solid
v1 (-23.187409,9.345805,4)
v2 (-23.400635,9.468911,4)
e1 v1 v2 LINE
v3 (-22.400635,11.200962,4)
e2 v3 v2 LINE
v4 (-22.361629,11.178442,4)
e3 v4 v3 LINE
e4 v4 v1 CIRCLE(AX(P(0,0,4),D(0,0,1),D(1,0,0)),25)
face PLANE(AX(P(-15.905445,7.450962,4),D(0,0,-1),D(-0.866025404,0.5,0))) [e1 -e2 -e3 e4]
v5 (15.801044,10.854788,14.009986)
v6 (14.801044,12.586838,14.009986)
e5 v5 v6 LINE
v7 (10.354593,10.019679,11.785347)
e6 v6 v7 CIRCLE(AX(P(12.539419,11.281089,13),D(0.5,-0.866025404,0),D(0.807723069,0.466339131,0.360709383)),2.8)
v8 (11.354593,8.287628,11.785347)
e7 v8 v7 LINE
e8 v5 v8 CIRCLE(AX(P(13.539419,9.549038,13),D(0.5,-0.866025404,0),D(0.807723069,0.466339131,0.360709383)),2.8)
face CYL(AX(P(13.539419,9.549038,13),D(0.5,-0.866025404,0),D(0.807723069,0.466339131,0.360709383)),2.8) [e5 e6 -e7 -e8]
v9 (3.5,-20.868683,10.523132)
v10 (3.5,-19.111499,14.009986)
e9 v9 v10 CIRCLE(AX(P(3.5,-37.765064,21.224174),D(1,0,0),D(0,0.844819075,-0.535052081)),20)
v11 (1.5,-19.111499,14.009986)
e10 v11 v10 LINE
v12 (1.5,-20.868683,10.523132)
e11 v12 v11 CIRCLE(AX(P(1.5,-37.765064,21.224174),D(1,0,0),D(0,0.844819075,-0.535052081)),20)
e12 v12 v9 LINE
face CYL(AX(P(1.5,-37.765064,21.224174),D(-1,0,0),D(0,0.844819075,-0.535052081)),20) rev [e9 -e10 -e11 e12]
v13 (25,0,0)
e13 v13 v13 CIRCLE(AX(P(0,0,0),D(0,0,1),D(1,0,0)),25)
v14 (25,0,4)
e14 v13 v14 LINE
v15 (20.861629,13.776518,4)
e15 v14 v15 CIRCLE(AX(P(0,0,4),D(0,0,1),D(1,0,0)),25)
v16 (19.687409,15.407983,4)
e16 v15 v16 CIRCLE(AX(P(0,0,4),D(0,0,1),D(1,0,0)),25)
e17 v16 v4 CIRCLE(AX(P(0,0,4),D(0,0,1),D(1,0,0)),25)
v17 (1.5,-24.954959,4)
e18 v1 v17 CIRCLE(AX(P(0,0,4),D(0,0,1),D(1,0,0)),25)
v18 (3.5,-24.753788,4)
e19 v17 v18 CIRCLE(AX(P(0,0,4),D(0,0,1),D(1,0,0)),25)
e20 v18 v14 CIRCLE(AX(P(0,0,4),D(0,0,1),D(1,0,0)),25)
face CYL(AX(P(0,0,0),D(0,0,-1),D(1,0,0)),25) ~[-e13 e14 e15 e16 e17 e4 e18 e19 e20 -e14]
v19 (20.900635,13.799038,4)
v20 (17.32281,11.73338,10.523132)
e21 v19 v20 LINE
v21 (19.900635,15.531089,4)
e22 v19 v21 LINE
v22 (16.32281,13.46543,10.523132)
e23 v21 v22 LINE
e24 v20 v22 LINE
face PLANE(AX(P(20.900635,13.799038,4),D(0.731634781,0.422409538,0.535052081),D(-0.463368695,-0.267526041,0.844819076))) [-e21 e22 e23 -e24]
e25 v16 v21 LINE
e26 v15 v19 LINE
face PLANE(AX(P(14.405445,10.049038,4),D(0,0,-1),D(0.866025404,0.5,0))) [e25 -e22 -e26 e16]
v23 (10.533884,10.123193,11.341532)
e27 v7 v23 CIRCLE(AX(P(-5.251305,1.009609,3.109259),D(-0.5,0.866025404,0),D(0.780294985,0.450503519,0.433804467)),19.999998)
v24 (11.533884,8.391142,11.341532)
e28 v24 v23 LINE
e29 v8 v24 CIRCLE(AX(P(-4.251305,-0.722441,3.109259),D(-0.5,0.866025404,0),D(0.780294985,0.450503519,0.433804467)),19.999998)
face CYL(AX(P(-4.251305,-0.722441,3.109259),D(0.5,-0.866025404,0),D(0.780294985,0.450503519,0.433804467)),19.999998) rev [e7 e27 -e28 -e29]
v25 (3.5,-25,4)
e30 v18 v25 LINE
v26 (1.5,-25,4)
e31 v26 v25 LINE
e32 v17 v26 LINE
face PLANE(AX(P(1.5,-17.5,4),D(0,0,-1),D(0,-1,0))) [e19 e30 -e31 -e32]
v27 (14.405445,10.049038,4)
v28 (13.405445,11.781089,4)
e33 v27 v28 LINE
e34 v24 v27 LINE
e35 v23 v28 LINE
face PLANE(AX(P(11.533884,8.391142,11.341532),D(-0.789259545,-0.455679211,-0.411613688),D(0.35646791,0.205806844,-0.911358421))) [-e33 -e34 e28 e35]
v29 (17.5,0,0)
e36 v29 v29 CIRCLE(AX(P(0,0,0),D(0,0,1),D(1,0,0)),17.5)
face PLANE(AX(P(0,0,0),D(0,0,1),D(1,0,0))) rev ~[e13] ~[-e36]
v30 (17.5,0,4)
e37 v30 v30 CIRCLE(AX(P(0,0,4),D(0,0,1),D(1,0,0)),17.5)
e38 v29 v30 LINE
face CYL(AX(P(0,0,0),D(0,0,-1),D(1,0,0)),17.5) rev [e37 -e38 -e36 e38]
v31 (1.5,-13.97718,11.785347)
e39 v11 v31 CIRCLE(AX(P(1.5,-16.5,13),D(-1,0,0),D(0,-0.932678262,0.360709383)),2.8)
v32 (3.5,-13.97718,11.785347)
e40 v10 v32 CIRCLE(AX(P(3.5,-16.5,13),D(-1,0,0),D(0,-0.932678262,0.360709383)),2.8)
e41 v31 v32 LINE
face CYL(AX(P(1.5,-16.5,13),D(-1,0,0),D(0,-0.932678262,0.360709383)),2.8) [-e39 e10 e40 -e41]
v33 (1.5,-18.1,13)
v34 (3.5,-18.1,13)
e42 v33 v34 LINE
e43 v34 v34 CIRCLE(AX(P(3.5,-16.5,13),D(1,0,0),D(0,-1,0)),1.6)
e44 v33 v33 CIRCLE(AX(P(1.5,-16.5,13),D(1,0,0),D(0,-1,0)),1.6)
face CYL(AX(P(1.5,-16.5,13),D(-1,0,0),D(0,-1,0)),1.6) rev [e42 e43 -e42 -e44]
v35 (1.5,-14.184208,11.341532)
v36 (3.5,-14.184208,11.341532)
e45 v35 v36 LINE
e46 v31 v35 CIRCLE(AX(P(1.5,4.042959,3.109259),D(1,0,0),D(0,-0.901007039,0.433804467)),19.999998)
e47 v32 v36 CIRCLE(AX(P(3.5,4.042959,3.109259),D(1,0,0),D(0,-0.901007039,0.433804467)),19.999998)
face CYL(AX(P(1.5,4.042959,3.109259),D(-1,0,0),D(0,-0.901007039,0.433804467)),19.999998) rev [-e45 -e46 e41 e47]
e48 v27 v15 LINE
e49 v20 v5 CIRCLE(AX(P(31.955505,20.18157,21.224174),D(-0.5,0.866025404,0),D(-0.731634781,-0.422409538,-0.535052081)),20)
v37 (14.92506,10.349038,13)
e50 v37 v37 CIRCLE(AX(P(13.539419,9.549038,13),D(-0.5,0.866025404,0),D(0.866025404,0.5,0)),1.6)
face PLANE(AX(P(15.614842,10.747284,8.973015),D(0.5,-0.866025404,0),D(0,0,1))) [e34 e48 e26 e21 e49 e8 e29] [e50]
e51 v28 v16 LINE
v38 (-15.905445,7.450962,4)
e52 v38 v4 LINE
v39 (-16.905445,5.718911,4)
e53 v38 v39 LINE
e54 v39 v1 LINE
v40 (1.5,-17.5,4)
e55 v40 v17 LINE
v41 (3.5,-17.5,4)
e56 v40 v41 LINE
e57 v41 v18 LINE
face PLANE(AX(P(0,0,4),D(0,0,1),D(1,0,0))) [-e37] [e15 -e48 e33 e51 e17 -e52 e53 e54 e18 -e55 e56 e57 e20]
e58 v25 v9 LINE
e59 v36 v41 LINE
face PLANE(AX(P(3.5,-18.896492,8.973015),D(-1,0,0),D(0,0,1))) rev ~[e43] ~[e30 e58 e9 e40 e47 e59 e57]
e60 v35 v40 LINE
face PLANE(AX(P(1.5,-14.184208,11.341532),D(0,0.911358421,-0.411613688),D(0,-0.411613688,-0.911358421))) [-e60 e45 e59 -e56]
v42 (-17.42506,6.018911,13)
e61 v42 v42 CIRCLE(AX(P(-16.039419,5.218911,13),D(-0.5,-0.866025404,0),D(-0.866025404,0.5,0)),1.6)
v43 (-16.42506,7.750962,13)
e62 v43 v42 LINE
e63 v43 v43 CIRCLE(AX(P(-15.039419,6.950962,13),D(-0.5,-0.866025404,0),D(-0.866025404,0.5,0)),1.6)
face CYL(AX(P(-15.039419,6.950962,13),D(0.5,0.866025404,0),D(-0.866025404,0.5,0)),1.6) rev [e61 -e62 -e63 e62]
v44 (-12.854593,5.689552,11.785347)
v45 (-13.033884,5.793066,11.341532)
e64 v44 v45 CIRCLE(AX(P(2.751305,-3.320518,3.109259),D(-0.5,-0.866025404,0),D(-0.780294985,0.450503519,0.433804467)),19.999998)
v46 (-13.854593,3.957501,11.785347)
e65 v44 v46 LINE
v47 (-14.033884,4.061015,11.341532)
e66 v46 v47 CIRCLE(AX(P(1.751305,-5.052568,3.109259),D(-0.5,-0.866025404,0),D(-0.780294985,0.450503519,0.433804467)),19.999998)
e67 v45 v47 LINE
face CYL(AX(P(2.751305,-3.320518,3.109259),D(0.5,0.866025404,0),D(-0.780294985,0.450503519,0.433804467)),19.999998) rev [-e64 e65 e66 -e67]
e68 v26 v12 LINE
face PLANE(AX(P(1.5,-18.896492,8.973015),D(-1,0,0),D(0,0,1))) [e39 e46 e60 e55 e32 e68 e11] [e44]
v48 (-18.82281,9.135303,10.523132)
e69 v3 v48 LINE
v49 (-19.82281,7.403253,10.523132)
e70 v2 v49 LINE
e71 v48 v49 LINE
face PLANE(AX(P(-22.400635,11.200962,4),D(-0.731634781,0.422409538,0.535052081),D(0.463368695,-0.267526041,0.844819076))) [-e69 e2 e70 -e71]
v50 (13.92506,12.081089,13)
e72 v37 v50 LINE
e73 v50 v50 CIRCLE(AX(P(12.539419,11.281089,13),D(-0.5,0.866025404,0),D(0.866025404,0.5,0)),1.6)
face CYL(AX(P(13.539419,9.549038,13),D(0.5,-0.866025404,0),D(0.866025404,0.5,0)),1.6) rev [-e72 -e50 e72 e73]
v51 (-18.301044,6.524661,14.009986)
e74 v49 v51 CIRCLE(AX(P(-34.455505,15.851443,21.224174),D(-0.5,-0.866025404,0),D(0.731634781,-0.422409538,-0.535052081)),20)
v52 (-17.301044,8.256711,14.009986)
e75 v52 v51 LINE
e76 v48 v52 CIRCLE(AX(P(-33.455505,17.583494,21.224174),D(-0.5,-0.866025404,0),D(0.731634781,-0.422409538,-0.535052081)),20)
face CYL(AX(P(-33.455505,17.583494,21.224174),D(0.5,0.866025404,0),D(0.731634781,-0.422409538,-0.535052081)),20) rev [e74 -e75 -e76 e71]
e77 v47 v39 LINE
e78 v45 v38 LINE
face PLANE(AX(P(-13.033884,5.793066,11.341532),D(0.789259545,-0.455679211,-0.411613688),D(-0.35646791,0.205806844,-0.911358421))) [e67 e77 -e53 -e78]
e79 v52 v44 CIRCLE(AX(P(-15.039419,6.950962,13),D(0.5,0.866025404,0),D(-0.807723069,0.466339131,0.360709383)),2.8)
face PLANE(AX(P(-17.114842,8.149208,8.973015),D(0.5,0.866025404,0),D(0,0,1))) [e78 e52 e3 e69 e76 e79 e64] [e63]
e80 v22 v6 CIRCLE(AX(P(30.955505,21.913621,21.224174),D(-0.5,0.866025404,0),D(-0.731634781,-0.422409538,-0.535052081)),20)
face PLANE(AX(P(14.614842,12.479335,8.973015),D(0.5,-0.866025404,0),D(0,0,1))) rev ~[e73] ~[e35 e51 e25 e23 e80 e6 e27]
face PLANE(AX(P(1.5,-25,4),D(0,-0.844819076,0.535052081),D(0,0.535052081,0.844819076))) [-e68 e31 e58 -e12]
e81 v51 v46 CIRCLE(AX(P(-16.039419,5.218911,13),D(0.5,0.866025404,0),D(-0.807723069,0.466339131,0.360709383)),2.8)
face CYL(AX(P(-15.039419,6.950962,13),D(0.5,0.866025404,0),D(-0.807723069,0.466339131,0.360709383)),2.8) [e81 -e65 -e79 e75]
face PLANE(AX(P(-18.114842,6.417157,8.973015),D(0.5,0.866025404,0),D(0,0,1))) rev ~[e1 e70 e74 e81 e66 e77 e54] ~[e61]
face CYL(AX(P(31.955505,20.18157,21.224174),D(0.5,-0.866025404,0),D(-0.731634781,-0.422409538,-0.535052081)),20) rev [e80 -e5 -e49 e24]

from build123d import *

# Parameters (mm, degrees)
SCHIZZO2_R                   = 25
SCHIZZO2_R_2                 = 17.5
ESTRUSIONE_ESTRUSIONE1_DEPTH = 4
SCHIZZO3_R                   = 1.6
ESTRUSIONE_ESTRUSIONE2_DEPTH = 2
RIPETIZIONECIRCOLARE1_COUNT  = 3


with BuildPart() as part:
    # Schizzo2 → Estrusione-Estrusione1 (new body)
    with BuildSketch(Plane.XY):
        Circle(SCHIZZO2_R)
        Circle(SCHIZZO2_R_2, mode=Mode.SUBTRACT)
    extrude(amount=ESTRUSIONE_ESTRUSIONE1_DEPTH)

    # Schizzo3 → Estrusione-Estrusione2 (add)
    with BuildSketch(Plane(origin=(-0.75, 1.299038106, 0), x_dir=(0, 0, -1), z_dir=(-0.5000000000000043, 0.866025403784436, 0))):
        with BuildLine():
            Line((-11.341531907, -14.184207936), (-4, -17.5))
            Line((-4, -17.5), (-4, -25))
            Line((-4, -25), (-10.523132314, -20.868682868))
            ThreePointArc((-10.523132314, -20.868682868), (-12.223574858, -19.90479517), (-14.009986273, -19.111499134))
            ThreePointArc((-14.009986273, -19.111499134), (-15.569198234, -15.386797217), (-11.785347493, -13.977180291))
            ThreePointArc((-11.785347493, -13.977180291), (-11.564073393, -14.082052593), (-11.341531907, -14.184207936))
        make_face()
        with Locations((-13, -16.5)):
            Circle(SCHIZZO3_R, mode=Mode.SUBTRACT)
    estrusione_estrusione2 = extrude(amount=ESTRUSIONE_ESTRUSIONE2_DEPTH)

    # RipetizioneCircolare1: Estrusione-Estrusione2 ×3 about axis
    ripetizionecircolare1_axis = Axis((0, 0, -0.2), (0, 0, 1))
    for i in range(1, RIPETIZIONECIRCOLARE1_COUNT):
        add(estrusione_estrusione2.rotate(ripetizionecircolare1_axis, i * 360 / RIPETIZIONECIRCOLARE1_COUNT))


solid = part.part
